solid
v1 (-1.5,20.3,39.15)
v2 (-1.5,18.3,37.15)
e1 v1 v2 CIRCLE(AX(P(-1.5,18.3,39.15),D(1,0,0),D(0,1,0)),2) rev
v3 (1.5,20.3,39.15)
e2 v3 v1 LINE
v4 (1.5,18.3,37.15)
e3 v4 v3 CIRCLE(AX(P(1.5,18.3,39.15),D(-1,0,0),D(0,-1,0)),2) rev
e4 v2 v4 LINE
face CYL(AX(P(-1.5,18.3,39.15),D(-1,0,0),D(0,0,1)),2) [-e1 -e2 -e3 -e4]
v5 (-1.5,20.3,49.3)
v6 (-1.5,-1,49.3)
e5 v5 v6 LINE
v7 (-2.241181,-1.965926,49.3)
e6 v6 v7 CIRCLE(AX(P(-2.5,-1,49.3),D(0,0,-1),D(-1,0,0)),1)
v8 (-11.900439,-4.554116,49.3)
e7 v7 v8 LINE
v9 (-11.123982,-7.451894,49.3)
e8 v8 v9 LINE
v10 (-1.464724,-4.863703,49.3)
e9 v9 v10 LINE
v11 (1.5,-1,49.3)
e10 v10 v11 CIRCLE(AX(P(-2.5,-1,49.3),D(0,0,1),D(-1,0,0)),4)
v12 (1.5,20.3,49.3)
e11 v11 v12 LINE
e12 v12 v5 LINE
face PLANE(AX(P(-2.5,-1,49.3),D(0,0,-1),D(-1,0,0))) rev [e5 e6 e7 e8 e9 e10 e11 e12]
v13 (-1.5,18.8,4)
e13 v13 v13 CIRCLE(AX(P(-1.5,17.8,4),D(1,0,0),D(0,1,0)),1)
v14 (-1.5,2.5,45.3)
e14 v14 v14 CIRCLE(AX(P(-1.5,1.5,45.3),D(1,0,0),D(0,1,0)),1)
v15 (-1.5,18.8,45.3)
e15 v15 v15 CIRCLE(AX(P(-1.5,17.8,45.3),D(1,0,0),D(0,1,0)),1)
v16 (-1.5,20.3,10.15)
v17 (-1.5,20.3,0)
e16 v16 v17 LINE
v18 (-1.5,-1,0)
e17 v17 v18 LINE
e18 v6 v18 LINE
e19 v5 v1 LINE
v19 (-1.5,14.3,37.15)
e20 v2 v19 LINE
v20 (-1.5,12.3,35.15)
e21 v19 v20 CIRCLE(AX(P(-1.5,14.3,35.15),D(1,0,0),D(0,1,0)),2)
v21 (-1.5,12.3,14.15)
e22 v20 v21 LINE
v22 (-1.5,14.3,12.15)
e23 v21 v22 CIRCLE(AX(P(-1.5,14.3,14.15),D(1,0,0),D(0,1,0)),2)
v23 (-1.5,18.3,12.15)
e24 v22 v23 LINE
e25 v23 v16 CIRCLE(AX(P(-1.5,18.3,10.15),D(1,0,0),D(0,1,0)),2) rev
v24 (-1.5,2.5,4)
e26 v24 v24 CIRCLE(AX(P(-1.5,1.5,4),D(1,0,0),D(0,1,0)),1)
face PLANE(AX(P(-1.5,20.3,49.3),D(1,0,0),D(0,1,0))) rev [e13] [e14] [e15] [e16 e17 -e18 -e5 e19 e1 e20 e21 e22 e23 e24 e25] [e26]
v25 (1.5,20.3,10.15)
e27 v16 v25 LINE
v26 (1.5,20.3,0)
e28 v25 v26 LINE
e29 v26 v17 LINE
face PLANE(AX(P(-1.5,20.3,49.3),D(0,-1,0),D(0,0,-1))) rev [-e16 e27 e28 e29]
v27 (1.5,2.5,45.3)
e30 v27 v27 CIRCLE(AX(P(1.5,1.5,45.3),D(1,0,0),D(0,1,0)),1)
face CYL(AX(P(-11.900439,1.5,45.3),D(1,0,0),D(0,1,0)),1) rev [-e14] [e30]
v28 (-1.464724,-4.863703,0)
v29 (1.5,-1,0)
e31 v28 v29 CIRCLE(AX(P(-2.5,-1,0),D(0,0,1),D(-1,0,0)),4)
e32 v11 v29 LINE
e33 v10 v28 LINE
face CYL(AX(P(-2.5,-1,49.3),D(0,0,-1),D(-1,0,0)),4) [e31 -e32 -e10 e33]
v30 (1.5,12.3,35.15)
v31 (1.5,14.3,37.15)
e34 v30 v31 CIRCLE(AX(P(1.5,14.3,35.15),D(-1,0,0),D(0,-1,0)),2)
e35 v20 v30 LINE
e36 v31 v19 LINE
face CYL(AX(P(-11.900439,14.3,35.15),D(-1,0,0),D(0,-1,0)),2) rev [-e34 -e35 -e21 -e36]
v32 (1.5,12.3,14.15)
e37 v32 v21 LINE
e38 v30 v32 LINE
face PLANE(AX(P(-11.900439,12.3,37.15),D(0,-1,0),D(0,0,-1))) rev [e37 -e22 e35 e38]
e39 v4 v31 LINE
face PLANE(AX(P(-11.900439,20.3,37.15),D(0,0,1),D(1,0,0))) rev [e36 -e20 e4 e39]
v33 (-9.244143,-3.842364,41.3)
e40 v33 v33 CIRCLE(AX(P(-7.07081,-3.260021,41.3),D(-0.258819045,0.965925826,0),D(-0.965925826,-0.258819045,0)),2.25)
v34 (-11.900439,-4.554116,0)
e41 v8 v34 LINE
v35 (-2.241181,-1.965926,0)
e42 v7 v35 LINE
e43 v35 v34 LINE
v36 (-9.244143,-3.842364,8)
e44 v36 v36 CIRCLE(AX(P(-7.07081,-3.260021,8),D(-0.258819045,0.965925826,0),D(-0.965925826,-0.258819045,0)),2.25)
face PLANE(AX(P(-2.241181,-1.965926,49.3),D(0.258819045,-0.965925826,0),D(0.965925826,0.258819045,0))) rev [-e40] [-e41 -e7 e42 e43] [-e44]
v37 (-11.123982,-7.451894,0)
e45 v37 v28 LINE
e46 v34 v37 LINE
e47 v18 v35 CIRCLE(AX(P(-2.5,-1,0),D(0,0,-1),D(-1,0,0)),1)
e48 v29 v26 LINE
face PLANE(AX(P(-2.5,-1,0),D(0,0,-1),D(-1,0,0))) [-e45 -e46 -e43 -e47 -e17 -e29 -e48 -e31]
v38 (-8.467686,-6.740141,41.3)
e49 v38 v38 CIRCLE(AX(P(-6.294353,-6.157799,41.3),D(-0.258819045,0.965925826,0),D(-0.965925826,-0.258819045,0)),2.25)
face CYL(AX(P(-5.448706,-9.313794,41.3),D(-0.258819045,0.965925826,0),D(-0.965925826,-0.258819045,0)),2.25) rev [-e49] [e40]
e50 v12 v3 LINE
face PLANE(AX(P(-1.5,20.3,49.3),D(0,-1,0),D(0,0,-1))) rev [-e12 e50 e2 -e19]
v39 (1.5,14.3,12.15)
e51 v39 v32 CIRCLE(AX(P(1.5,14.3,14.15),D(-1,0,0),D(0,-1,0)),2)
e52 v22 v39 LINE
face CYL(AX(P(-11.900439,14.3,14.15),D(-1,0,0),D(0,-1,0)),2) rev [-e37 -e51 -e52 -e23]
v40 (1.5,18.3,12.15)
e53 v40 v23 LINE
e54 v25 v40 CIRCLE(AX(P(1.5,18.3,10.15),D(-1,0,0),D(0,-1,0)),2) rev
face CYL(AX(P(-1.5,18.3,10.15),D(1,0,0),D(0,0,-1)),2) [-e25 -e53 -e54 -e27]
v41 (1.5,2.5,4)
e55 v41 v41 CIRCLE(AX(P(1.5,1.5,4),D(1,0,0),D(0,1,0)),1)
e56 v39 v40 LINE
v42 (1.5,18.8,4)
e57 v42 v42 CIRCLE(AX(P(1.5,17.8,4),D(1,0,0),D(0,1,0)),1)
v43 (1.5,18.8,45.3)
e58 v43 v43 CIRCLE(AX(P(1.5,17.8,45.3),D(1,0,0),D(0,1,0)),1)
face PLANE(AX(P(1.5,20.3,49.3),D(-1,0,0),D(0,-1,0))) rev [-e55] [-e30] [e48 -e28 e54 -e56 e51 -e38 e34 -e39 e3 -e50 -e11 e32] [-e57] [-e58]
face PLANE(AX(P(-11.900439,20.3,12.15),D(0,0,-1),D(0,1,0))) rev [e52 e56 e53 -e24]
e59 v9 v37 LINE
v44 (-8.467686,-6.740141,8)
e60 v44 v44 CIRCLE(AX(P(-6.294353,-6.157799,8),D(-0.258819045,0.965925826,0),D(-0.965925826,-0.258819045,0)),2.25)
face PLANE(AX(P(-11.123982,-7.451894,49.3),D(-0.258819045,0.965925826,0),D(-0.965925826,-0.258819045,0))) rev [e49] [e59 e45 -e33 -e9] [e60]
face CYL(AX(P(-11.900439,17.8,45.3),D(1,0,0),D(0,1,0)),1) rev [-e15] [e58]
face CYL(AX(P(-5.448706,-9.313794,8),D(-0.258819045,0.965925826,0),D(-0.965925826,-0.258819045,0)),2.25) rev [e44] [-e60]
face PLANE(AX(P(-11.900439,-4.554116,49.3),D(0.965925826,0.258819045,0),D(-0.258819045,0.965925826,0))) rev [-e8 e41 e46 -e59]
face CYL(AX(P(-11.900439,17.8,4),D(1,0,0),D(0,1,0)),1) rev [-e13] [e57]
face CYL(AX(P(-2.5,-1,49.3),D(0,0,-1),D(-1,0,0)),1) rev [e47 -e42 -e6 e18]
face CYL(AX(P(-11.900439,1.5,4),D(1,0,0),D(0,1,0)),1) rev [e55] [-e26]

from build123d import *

# Parameters (mm, degrees)
BOSS_EXTRUDE2_DEPTH = 49.3
SKETCH3_R           = 1
CUT_EXTRUDE1_DEPTH  = 55.974100913
SKETCH4_R           = 2.25
CUT_EXTRUDE2_DEPTH  = 56.188642368
SKETCH5_W           = 25
SKETCH5_H           = 8
CUT_EXTRUDE3_DEPTH  = 55.974100913
FILLET1_R           = 2


with BuildPart() as part:
    # Sketch2 → Boss-Extrude2 (new body)
    with BuildSketch(Plane.XY):
        with BuildLine():
            Line((-2.241180955, -1.965925826), (-11.900439218, -4.554116277))
            Line((-11.900439218, -4.554116277), (-11.123982082, -7.451893756))
            Line((-11.123982082, -7.451893756), (-1.46472382, -4.863703305))
            ThreePointArc((-1.46472382, -4.863703305), (0.673413361, -3.435045716), (1.5, -1))
            Line((1.5, -1), (1.5, 20.3))
            Line((1.5, 20.3), (-1.5, 20.3))
            Line((-1.5, 20.3), (-1.5, -1))
            ThreePointArc((-1.5, -1), (-1.70664666, -1.608761429), (-2.241180955, -1.965925826))
        make_face()
    extrude(amount=BOSS_EXTRUDE2_DEPTH)

    # Sketch3 → Cut-Extrude1 (cut, through all)
    with BuildSketch(Plane(origin=(1.5, 0, 0), x_dir=(0, 0, -1), z_dir=(1, 0, 0))):
        with Locations(Location((-45.3, 17.8, 0), (0, 0, 90))):
            Circle(SKETCH3_R)
        with Locations(Location((-4, 17.8, 0), (0, 0, 90))):
            Circle(SKETCH3_R)
        with Locations(Location((-4, 1.5, 0), (0, 0, 90))):
            Circle(SKETCH3_R)
        with Locations(Location((-45.3, 1.5, 0), (0, 0, 90))):
            Circle(SKETCH3_R)
    extrude(amount=-CUT_EXTRUDE1_DEPTH, mode=Mode.SUBTRACT)

    # Sketch4 → Cut-Extrude2 (cut, through all)
    with BuildSketch(Plane(origin=(0.3413508, -1.273938528, 0), x_dir=(0.96592582628907, 0.25881904510251463, 0), z_dir=(-0.25881904510251463, 0.96592582628907, 0))):
        with Locations(Location((-7.673633611, -8, 0), (0, 0, 180))):
            Circle(SKETCH4_R)
        with Locations(Location((-7.673633611, -41.3, 0), (0, 0, 180))):
            Circle(SKETCH4_R)
    extrude(amount=-CUT_EXTRUDE2_DEPTH, mode=Mode.SUBTRACT)

    # Sketch5 → Cut-Extrude3 (cut, through all)
    with BuildSketch(Plane(origin=(1.5, 0, 0), x_dir=(0, 0, -1), z_dir=(1, 0, 0))):
        with Locations((-24.65, 16.3)):
            Rectangle(SKETCH5_W, SKETCH5_H)
    extrude(amount=-CUT_EXTRUDE3_DEPTH, mode=Mode.SUBTRACT)

    # Fillet1
    fillet1_edges = [part.edges().sort_by_distance(p)[0] for p in [
        (0, 20.3, 12.15),
        (0, 20.3, 37.15),
        (0, 12.3, 12.15),
        (0, 12.3, 37.15),
    ]]
    fillet(fillet1_edges, radius=FILLET1_R)


solid = part.part
